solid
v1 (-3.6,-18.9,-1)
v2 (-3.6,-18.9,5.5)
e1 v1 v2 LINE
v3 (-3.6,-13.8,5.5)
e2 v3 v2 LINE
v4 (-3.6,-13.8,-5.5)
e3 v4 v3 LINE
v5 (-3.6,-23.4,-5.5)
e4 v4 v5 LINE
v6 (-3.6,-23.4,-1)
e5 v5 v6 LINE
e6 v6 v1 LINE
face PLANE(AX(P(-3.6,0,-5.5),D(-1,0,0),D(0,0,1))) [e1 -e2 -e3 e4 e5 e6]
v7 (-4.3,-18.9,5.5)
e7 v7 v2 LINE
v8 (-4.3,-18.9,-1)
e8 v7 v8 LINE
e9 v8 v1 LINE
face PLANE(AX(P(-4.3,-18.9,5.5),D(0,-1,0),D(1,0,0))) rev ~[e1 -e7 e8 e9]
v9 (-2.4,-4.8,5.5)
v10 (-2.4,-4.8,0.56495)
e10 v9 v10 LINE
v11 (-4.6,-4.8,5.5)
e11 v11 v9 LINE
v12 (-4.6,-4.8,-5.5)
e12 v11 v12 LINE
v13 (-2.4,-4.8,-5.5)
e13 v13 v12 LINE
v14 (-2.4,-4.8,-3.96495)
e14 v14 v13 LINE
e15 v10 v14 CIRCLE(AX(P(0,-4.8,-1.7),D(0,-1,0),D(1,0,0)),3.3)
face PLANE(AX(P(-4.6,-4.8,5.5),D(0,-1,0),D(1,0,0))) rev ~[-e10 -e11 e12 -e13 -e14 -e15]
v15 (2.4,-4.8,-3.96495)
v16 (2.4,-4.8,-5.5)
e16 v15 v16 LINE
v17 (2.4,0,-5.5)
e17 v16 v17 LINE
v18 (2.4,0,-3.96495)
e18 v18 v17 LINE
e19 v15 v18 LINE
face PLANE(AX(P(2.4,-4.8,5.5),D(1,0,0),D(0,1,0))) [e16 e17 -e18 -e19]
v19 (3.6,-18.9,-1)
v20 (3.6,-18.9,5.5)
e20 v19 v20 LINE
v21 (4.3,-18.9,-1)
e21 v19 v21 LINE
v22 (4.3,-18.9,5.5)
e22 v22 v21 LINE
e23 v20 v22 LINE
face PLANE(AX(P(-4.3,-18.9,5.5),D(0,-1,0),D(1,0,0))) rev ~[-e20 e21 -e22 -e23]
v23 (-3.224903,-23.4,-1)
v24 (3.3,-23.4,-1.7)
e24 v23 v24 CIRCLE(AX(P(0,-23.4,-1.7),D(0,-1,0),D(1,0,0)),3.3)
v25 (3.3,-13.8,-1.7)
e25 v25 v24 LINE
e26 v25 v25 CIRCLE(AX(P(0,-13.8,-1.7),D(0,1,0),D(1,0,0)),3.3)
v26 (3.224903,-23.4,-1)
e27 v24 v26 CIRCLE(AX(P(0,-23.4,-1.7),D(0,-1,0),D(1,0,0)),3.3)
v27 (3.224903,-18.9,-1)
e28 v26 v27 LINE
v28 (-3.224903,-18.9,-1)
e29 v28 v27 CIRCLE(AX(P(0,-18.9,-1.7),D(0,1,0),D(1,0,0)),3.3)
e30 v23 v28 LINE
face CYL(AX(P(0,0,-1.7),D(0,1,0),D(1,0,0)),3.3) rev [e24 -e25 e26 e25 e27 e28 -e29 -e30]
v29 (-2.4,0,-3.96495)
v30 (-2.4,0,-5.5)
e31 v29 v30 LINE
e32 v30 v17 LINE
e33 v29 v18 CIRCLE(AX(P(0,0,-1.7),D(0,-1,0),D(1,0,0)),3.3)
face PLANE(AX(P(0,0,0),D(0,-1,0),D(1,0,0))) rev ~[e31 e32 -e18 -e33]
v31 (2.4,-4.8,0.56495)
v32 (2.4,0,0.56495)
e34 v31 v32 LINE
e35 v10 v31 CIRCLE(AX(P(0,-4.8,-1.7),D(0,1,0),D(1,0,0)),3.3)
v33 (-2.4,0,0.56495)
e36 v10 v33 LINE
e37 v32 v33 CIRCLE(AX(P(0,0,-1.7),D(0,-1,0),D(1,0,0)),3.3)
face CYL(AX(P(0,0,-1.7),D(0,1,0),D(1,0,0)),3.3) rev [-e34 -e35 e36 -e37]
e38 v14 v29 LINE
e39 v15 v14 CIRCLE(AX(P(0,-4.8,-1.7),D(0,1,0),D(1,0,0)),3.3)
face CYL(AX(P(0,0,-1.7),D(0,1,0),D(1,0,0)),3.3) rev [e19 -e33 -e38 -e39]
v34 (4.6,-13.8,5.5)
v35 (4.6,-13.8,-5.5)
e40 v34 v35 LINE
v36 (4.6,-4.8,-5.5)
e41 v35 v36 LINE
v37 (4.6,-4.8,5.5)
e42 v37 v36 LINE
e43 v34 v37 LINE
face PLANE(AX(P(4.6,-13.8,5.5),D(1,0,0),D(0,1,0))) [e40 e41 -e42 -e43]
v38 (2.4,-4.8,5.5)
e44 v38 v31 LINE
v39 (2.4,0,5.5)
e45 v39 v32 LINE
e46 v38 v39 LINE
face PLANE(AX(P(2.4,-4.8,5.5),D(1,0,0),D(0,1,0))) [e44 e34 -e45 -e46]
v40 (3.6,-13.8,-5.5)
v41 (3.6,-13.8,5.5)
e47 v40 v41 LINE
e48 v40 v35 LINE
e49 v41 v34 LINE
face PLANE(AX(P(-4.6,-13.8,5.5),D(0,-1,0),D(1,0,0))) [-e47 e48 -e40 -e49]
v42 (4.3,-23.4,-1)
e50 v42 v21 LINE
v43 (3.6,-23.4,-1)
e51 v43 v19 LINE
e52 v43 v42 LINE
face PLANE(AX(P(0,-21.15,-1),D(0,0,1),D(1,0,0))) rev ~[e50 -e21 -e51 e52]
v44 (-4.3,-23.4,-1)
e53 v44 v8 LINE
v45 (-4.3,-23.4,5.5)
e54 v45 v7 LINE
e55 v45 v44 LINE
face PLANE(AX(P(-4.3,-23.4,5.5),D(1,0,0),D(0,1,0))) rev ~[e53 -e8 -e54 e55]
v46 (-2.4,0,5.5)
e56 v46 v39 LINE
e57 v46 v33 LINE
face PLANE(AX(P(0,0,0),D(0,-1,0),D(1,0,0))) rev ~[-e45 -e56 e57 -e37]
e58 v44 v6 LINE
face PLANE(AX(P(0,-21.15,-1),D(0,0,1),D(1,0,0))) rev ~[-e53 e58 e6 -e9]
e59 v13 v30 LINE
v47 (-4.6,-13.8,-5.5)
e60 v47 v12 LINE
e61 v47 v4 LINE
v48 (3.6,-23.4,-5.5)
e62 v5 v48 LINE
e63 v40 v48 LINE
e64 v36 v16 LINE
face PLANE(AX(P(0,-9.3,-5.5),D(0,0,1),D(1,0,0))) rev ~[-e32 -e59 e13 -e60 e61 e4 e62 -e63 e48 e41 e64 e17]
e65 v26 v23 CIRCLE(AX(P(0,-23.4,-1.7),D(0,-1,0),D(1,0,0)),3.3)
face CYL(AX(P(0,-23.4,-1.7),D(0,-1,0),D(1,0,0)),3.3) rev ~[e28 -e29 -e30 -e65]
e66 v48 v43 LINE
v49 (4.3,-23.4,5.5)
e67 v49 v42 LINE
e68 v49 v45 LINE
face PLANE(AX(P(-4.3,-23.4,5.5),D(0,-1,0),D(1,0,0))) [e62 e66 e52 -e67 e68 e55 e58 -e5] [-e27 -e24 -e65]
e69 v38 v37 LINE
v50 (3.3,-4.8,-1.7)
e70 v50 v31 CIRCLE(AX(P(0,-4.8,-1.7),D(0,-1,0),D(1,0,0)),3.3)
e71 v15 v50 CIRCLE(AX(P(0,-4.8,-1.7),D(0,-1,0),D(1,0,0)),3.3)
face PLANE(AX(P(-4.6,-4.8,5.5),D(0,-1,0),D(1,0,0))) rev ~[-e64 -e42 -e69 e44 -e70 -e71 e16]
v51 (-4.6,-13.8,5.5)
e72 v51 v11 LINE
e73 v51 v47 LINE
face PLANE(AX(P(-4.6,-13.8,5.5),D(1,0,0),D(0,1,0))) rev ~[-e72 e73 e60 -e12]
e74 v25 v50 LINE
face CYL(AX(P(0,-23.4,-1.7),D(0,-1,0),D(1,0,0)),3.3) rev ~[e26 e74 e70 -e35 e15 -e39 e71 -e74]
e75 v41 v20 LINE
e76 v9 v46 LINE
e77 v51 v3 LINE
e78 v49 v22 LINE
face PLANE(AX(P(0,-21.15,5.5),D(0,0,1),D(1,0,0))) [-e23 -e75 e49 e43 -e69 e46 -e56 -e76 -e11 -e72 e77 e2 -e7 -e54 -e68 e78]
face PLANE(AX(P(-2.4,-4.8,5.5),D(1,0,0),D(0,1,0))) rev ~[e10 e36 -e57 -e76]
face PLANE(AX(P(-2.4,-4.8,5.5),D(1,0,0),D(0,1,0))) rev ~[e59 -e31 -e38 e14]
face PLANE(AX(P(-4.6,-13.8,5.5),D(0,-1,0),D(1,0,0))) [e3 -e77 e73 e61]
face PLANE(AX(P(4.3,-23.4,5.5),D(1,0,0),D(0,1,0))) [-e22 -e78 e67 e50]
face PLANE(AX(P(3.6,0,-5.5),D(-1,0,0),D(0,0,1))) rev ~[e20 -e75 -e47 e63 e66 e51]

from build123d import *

# Parameters (mm, degrees)
F0_W     = 7.2
F0_H     = 11
F0_R     = 3.3
F1_DEPTH = 23.4
F2_W     = 1.2
F2_H     = 4.8
F3_DEPTH = 11.001
F4_W     = 9.2
F4_H     = 9
F5_DEPTH = 11
F6_W     = 8.6
F6_H     = 4.5
F7_DEPTH = 6.5
F8_R     = 3.3
F9_DEPTH = 23.401


with BuildPart() as f1:
    # F0 (on Front) → F1 (new body)
    with BuildSketch(Plane.XZ):
        Rectangle(F0_W, F0_H)
        with Locations((0, -1.7)):
            Circle(F0_R, mode=Mode.SUBTRACT)
    extrude(amount=F1_DEPTH)

    # F2 (on face) → F3 (cut, through all)
    with BuildSketch(Plane.XY.offset(5.5)):
        with Locations((3, -2.4)):
            Rectangle(F2_W, F2_H)
        with Locations((-3, -2.4)):
            Rectangle(F2_W, F2_H)
    extrude(amount=-F3_DEPTH, mode=Mode.SUBTRACT)

    # F4 (on face) → F5 (join, through all)
    with BuildSketch(Plane.XY.offset(5.5)):
        with Locations((0, -9.3)):
            Rectangle(F4_W, F4_H)
    extrude(amount=-F5_DEPTH)

    # F6 (on face) → F7 (join)
    with BuildSketch(Plane.XY.offset(5.5)):
        with Locations((0, -21.15)):
            Rectangle(F6_W, F6_H)
    extrude(amount=-F7_DEPTH)

    # F8 (on face) → F9 (cut, through all)
    with BuildSketch(Plane.XZ.offset(23.4)):
        with Locations((0, -1.7)):
            Circle(F8_R)
    extrude(amount=-F9_DEPTH, mode=Mode.SUBTRACT)


solid = f1.part
